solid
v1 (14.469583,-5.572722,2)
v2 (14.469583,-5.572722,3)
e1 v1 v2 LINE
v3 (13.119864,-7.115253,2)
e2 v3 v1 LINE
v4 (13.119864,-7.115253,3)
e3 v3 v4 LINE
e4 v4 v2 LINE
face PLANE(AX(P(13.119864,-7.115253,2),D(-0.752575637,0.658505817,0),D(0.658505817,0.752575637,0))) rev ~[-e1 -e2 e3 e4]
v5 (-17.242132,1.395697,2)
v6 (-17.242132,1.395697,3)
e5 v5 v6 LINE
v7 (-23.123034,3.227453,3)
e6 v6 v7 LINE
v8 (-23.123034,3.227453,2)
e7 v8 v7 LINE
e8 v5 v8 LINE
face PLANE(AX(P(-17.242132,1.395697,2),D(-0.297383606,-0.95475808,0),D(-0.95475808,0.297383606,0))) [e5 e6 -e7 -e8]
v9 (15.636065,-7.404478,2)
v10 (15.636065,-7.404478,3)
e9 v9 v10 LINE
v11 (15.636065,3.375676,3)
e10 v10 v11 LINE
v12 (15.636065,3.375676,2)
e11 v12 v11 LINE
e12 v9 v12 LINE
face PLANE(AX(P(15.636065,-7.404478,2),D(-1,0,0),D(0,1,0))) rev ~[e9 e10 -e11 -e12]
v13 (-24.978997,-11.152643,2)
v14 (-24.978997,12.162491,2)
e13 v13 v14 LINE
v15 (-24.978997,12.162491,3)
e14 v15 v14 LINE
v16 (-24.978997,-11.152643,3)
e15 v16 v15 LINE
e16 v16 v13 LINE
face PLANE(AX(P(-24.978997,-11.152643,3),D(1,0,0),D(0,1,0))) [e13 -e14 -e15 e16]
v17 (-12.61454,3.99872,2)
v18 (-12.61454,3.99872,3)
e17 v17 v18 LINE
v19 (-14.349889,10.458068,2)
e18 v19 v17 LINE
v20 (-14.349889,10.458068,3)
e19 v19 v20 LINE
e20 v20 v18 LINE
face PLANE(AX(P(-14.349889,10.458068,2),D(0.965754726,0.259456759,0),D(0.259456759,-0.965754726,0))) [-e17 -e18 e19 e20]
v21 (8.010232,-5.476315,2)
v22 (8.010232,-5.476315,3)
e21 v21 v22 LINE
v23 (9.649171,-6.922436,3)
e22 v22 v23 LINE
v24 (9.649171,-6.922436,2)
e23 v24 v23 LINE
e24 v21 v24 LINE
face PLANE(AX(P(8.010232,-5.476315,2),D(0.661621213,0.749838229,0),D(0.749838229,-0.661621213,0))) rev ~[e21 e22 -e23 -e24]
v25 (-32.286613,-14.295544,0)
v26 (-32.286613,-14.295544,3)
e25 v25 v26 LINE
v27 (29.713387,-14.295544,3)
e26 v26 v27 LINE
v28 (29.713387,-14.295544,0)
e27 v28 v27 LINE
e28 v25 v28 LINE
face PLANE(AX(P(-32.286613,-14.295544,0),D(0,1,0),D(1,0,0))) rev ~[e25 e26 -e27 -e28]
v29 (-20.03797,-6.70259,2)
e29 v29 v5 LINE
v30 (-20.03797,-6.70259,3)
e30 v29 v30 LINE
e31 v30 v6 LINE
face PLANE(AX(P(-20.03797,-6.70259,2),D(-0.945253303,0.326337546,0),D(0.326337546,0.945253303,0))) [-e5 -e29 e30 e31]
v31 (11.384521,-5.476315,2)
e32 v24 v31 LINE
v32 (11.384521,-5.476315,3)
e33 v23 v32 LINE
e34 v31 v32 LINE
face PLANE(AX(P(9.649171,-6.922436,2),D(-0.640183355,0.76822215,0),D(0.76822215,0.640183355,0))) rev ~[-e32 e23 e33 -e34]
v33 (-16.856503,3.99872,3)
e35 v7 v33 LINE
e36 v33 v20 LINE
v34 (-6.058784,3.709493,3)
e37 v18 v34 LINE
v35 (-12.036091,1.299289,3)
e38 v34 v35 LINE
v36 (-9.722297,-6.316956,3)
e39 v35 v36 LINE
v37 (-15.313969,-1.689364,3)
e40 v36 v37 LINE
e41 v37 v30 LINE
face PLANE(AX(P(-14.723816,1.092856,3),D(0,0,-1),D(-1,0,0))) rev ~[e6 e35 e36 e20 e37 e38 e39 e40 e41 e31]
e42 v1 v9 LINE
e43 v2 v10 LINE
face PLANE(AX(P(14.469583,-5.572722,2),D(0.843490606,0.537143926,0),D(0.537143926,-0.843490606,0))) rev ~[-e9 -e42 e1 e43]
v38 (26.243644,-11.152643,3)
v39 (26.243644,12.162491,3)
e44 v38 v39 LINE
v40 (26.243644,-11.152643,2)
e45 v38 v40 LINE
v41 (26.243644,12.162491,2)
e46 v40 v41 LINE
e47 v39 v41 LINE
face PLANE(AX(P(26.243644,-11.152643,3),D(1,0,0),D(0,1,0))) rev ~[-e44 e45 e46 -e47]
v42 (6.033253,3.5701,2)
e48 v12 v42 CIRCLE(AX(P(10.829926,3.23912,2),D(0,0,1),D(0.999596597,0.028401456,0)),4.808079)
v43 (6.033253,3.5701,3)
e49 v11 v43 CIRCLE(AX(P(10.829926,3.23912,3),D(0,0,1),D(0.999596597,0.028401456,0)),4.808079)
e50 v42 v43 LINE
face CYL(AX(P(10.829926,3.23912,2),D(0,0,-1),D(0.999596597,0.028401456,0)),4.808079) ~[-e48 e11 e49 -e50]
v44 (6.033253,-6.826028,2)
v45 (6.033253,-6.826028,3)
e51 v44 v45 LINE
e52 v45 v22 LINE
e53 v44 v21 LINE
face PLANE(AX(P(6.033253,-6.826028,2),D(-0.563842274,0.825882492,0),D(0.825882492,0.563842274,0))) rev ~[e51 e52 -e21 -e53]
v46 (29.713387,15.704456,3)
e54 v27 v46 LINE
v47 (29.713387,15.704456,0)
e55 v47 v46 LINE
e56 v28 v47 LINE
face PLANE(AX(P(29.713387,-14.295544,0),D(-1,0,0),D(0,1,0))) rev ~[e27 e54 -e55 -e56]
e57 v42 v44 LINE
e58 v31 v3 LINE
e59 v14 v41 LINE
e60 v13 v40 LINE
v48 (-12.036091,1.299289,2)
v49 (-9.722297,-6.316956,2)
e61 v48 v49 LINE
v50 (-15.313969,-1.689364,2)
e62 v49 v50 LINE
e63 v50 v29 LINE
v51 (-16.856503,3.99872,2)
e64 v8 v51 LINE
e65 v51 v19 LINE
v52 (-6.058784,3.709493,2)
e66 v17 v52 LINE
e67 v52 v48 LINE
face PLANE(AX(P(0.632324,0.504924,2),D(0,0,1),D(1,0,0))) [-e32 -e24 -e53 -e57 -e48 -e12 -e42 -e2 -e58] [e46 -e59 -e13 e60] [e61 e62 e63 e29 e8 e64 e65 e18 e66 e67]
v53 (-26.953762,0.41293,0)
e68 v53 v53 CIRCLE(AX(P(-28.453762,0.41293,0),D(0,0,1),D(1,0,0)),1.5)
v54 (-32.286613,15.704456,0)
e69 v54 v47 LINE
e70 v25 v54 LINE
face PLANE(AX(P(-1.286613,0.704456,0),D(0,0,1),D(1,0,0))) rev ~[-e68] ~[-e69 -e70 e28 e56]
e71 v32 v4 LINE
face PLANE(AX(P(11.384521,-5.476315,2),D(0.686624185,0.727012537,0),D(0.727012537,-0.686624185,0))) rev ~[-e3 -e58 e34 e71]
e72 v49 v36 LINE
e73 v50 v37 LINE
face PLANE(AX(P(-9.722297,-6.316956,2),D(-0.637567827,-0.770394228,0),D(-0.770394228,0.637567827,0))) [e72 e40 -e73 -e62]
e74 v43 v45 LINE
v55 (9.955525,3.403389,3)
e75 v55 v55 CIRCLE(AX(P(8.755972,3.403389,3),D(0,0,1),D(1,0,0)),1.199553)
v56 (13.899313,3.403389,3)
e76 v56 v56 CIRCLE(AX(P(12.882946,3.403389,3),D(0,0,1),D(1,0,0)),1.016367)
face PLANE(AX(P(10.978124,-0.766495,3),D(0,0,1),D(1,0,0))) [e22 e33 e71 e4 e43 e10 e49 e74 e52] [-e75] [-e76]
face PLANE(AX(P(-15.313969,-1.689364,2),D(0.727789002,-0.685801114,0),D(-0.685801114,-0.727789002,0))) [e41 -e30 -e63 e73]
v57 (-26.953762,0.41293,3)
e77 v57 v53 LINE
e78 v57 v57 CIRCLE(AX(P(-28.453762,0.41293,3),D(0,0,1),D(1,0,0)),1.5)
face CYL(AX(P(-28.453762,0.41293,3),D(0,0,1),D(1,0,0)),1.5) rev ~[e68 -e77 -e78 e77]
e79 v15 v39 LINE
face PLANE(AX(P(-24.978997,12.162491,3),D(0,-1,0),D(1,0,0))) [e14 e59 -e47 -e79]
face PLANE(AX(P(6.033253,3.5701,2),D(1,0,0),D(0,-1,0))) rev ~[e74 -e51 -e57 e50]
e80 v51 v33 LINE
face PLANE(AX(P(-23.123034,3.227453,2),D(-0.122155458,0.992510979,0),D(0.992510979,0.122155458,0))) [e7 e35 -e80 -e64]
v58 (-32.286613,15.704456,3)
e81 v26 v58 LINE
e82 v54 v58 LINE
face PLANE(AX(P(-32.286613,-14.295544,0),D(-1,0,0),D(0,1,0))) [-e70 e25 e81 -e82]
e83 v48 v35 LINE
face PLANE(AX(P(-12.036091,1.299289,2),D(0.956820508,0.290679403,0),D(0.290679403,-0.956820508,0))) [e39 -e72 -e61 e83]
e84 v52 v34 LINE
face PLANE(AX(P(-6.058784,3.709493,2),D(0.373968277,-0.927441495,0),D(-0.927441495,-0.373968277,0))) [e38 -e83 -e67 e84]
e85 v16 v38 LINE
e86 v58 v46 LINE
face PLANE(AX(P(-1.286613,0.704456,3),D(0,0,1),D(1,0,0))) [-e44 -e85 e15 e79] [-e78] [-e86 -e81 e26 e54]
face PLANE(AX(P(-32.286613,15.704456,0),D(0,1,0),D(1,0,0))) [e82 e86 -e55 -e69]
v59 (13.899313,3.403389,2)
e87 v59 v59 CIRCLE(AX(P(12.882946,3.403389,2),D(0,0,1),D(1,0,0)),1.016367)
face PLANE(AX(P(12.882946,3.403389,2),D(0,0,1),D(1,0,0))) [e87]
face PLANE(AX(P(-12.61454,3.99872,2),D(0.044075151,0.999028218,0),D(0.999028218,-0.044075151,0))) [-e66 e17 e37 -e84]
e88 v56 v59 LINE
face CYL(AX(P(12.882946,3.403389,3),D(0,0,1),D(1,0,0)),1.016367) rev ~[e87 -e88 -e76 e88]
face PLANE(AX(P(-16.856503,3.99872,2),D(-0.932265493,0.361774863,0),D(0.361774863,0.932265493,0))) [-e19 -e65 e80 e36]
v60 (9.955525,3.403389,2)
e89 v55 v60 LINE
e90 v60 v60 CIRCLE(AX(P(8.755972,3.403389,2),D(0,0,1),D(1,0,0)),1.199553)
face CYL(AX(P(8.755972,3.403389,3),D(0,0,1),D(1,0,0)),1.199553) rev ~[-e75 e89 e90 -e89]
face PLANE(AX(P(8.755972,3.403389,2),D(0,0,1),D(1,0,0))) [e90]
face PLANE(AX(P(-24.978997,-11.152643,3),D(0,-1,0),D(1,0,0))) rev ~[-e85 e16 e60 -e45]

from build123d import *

# Parameters (mm, degrees)
SKETCH_W        = 62
SKETCH_H        = 30
PAD_DEPTH       = 3
SKETCH001_W     = 51.222641
SKETCH001_H     = 23.315135
POCKET_DEPTH    = 1
SKETCH002_R     = 1.5
POCKET001_DEPTH = 3.001
PAD001_DEPTH    = 1
PAD002_DEPTH    = 1
SKETCH005_R     = 1.199553
SKETCH005_R_2   = 1.016367
POCKET002_DEPTH = 1


with BuildPart() as part:
    # Sketch → Pad (new body)
    with BuildSketch(Plane.XY):
        with Locations((-1.286613, 0.704456)):
            Rectangle(SKETCH_W, SKETCH_H)
    extrude(amount=PAD_DEPTH)

    # Sketch001 → Pocket (cut)
    with BuildSketch(Plane.XY.offset(3)):
        with Locations((0.632324, 0.504924)):
            Rectangle(SKETCH001_W, SKETCH001_H)
    extrude(amount=-POCKET_DEPTH, mode=Mode.SUBTRACT)

    # Sketch002 → Pocket001 (cut, through all)
    with BuildSketch(Plane.XY.offset(3)):
        with Locations((-28.453762, 0.41293)):
            Circle(SKETCH002_R)
    extrude(amount=-POCKET001_DEPTH, mode=Mode.SUBTRACT)

    # Sketch003 → Pad001 (new body)
    with BuildSketch(Plane.XY.offset(2)):
        Polygon((-16.856503, 3.99872), (-14.349889, 10.458068), (-12.61454, 3.99872), (-6.058784, 3.709493), (-12.036091, 1.299289), (-9.722297, -6.316956), (-15.313969, -1.689364), (-20.03797, -6.70259), (-17.242132, 1.395697), (-23.123034, 3.227453), align=None)
    extrude(amount=PAD001_DEPTH)

    # Sketch004 → Pad002 (new body)
    with BuildSketch(Plane.XY.offset(2)):
        with BuildLine():
            Line((6.033253, 3.5701), (6.033253, -6.826028))
            Line((6.033253, -6.826028), (8.010232, -5.476315))
            Line((8.010232, -5.476315), (9.649171, -6.922436))
            Line((9.649171, -6.922436), (11.384521, -5.476315))
            Line((11.384521, -5.476315), (13.119864, -7.115253))
            Line((13.119864, -7.115253), (14.469583, -5.572722))
            Line((14.469583, -5.572722), (15.636065, -7.404478))
            Line((15.636065, -7.404478), (15.636065, 3.375676))
            ThreePointArc((15.636065, 3.375676), (10.927253, 8.046213), (6.033253, 3.5701))
        make_face()
    extrude(amount=PAD002_DEPTH)

    # Sketch005 → Pocket002 (cut)
    with BuildSketch(Plane.XY.offset(3)):
        with Locations((8.755972, 3.403389)):
            Circle(SKETCH005_R)
        with Locations((12.882946, 3.403389)):
            Circle(SKETCH005_R_2)
    extrude(amount=-POCKET002_DEPTH, mode=Mode.SUBTRACT)


solid = part.part
